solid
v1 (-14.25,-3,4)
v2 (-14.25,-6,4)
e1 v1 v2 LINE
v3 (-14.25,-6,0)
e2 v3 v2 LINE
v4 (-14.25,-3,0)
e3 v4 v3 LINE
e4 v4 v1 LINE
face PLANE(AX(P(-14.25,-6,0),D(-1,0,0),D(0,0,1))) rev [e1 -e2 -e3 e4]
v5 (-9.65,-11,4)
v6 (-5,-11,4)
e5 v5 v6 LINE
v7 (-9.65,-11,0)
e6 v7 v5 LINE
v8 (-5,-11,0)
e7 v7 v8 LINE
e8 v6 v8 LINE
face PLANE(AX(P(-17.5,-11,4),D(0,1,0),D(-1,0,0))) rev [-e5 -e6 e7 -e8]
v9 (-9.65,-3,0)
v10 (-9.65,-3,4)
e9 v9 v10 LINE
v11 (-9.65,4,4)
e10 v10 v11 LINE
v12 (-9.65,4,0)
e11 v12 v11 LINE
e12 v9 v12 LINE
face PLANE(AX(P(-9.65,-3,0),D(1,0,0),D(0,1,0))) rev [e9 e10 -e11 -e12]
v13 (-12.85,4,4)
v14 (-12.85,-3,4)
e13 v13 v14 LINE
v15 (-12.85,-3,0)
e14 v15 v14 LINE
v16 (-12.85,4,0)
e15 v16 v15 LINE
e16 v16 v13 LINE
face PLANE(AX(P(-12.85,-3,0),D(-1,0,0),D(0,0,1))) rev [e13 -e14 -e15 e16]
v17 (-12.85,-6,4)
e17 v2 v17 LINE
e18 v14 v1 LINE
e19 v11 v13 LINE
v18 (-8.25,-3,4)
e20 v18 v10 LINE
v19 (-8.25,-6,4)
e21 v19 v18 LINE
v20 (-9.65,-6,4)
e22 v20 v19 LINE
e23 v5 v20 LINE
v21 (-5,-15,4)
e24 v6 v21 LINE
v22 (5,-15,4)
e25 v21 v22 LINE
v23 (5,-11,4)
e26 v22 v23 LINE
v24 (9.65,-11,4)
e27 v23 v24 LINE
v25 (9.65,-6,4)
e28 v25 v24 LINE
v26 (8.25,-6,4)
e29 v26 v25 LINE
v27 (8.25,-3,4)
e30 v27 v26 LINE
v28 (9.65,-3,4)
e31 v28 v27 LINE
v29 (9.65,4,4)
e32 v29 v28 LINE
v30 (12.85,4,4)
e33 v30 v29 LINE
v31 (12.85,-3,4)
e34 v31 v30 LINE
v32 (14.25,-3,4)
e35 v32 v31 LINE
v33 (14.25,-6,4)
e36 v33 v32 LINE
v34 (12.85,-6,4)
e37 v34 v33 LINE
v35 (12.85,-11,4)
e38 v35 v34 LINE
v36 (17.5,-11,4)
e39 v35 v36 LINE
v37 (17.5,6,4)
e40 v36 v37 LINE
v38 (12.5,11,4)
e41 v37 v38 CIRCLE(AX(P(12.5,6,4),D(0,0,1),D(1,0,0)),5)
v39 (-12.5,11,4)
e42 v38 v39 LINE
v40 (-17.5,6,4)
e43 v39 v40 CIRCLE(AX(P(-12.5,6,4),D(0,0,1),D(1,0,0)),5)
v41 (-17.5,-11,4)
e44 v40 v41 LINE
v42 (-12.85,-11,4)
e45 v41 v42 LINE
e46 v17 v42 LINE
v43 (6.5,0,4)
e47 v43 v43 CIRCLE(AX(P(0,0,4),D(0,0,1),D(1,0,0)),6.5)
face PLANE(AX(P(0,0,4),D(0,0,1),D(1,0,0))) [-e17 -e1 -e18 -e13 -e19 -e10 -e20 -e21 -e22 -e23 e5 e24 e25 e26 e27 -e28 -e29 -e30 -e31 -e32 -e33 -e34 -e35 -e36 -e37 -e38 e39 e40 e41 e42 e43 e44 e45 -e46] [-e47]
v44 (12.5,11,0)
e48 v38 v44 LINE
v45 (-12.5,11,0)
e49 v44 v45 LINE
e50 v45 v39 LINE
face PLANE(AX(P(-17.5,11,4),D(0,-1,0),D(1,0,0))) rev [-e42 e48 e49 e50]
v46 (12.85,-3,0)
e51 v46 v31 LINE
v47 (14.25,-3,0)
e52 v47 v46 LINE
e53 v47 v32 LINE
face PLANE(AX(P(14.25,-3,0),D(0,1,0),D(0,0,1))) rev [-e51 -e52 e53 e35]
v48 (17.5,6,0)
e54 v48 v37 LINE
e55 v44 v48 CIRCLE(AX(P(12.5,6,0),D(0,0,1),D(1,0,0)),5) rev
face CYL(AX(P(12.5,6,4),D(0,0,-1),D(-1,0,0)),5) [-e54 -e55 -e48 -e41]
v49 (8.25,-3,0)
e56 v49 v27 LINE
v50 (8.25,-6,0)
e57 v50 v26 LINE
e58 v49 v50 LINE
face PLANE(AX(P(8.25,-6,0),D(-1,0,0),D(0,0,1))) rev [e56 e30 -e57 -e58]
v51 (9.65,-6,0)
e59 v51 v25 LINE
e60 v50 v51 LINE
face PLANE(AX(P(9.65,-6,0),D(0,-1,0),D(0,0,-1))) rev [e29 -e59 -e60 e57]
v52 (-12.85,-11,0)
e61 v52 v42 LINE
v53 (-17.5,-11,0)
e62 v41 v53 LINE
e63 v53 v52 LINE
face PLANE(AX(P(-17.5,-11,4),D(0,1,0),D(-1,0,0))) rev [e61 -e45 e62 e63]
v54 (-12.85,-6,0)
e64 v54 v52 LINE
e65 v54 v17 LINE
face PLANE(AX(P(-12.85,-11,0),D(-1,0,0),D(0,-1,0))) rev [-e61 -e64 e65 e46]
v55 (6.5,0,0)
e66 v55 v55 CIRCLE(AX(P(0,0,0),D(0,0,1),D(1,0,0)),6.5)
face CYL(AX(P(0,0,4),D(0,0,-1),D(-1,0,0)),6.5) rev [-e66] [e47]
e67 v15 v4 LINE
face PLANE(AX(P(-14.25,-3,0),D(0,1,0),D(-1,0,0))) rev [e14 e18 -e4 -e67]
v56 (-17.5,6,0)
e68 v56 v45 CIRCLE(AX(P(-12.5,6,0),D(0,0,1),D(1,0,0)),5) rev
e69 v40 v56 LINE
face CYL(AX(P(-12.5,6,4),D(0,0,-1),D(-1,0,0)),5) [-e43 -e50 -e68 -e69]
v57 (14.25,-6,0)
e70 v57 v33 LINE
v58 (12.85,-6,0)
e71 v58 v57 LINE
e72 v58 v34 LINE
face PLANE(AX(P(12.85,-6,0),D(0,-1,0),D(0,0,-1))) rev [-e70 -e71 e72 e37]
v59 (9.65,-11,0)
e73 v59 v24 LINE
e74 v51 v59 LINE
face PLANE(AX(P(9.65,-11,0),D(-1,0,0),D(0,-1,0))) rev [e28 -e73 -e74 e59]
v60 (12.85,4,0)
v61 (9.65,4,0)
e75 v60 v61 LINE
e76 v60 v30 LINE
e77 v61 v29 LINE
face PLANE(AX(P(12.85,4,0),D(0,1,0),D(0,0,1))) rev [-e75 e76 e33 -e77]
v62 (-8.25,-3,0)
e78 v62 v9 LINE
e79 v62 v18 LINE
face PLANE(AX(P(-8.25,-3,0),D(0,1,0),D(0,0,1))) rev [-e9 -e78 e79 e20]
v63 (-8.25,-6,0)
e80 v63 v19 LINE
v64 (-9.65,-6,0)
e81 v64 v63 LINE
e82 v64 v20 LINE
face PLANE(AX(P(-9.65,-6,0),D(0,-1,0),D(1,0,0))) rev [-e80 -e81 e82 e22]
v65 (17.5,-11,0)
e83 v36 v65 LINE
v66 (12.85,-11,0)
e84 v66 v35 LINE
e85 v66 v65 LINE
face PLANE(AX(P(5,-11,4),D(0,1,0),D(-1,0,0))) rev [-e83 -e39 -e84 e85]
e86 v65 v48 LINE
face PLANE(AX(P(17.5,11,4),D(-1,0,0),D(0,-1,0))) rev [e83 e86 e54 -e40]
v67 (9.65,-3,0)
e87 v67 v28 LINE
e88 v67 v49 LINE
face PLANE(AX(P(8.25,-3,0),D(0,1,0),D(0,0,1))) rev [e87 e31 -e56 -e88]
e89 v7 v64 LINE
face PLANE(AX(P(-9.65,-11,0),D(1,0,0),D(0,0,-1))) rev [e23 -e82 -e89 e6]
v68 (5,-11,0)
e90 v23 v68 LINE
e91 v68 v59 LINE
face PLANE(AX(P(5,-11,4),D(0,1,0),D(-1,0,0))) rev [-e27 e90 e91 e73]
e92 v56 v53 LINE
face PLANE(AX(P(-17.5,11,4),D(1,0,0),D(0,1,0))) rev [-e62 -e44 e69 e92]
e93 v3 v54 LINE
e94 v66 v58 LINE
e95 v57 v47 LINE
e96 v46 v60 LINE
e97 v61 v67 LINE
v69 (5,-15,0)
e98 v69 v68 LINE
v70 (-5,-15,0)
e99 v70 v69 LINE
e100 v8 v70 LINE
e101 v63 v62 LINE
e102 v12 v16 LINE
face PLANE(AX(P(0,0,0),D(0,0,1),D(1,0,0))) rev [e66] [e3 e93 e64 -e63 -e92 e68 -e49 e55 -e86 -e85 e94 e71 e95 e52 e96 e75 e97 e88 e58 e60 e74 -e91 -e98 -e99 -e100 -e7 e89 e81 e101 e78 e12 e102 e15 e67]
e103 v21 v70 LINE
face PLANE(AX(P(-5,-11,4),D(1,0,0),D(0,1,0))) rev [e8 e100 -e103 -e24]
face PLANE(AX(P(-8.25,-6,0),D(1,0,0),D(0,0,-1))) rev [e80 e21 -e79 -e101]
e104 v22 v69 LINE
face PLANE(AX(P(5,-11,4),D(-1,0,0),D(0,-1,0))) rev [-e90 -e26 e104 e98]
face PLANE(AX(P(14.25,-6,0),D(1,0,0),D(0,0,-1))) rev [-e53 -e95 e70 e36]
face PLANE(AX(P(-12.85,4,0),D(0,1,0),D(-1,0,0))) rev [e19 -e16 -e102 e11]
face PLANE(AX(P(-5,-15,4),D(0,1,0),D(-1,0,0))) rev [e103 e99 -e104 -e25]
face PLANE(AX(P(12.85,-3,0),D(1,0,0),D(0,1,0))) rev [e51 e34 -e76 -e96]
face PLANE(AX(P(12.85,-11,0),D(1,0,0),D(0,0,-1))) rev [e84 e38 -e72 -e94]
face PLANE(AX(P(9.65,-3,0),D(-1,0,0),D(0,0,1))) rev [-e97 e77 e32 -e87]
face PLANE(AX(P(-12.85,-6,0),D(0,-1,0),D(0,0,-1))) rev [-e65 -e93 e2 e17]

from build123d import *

# Parameters (mm, degrees)
SKETCH2_R           = 6.5
BOSS_EXTRUDE1_DEPTH = 4
CUT_EXTRUDE1_DEPTH  = 24.393375131
FILLET1_R           = 5


with BuildPart() as part:
    # Sketch2 → Boss-Extrude1 (new body)
    with BuildSketch(Plane.XY):
        Polygon((5, -11), (17.5, -11), (17.5, 11), (-17.5, 11), (-17.5, -11), (-5, -11), (-5, -15), (5, -15), align=None)
        Circle(SKETCH2_R, mode=Mode.SUBTRACT)
    extrude(amount=BOSS_EXTRUDE1_DEPTH)

    # Sketch3 → Cut-Extrude1 (cut, through all)
    with BuildSketch(Plane.XY.offset(4)):
        Polygon((12.85, -11), (12.85, -6), (14.25, -6), (14.25, -3), (12.85, -3), (12.85, 4), (9.65, 4), (9.65, -3), (8.25, -3), (8.25, -6), (9.65, -6), (9.65, -11), align=None)
        Polygon((-9.65, -11), (-12.85, -11), (-12.85, -6), (-14.25, -6), (-14.25, -3), (-12.85, -3), (-12.85, 4), (-9.65, 4), (-9.65, -3), (-8.25, -3), (-8.25, -6), (-9.65, -6), align=None)
    extrude(amount=-CUT_EXTRUDE1_DEPTH, mode=Mode.SUBTRACT)

    # Fillet1
    fillet1_edges = [part.edges().sort_by_distance(p)[0] for p in [
        (-17.5, 11, 2),
        (17.5, 11, 2),
    ]]
    fillet(fillet1_edges, radius=FILLET1_R)


solid = part.part
